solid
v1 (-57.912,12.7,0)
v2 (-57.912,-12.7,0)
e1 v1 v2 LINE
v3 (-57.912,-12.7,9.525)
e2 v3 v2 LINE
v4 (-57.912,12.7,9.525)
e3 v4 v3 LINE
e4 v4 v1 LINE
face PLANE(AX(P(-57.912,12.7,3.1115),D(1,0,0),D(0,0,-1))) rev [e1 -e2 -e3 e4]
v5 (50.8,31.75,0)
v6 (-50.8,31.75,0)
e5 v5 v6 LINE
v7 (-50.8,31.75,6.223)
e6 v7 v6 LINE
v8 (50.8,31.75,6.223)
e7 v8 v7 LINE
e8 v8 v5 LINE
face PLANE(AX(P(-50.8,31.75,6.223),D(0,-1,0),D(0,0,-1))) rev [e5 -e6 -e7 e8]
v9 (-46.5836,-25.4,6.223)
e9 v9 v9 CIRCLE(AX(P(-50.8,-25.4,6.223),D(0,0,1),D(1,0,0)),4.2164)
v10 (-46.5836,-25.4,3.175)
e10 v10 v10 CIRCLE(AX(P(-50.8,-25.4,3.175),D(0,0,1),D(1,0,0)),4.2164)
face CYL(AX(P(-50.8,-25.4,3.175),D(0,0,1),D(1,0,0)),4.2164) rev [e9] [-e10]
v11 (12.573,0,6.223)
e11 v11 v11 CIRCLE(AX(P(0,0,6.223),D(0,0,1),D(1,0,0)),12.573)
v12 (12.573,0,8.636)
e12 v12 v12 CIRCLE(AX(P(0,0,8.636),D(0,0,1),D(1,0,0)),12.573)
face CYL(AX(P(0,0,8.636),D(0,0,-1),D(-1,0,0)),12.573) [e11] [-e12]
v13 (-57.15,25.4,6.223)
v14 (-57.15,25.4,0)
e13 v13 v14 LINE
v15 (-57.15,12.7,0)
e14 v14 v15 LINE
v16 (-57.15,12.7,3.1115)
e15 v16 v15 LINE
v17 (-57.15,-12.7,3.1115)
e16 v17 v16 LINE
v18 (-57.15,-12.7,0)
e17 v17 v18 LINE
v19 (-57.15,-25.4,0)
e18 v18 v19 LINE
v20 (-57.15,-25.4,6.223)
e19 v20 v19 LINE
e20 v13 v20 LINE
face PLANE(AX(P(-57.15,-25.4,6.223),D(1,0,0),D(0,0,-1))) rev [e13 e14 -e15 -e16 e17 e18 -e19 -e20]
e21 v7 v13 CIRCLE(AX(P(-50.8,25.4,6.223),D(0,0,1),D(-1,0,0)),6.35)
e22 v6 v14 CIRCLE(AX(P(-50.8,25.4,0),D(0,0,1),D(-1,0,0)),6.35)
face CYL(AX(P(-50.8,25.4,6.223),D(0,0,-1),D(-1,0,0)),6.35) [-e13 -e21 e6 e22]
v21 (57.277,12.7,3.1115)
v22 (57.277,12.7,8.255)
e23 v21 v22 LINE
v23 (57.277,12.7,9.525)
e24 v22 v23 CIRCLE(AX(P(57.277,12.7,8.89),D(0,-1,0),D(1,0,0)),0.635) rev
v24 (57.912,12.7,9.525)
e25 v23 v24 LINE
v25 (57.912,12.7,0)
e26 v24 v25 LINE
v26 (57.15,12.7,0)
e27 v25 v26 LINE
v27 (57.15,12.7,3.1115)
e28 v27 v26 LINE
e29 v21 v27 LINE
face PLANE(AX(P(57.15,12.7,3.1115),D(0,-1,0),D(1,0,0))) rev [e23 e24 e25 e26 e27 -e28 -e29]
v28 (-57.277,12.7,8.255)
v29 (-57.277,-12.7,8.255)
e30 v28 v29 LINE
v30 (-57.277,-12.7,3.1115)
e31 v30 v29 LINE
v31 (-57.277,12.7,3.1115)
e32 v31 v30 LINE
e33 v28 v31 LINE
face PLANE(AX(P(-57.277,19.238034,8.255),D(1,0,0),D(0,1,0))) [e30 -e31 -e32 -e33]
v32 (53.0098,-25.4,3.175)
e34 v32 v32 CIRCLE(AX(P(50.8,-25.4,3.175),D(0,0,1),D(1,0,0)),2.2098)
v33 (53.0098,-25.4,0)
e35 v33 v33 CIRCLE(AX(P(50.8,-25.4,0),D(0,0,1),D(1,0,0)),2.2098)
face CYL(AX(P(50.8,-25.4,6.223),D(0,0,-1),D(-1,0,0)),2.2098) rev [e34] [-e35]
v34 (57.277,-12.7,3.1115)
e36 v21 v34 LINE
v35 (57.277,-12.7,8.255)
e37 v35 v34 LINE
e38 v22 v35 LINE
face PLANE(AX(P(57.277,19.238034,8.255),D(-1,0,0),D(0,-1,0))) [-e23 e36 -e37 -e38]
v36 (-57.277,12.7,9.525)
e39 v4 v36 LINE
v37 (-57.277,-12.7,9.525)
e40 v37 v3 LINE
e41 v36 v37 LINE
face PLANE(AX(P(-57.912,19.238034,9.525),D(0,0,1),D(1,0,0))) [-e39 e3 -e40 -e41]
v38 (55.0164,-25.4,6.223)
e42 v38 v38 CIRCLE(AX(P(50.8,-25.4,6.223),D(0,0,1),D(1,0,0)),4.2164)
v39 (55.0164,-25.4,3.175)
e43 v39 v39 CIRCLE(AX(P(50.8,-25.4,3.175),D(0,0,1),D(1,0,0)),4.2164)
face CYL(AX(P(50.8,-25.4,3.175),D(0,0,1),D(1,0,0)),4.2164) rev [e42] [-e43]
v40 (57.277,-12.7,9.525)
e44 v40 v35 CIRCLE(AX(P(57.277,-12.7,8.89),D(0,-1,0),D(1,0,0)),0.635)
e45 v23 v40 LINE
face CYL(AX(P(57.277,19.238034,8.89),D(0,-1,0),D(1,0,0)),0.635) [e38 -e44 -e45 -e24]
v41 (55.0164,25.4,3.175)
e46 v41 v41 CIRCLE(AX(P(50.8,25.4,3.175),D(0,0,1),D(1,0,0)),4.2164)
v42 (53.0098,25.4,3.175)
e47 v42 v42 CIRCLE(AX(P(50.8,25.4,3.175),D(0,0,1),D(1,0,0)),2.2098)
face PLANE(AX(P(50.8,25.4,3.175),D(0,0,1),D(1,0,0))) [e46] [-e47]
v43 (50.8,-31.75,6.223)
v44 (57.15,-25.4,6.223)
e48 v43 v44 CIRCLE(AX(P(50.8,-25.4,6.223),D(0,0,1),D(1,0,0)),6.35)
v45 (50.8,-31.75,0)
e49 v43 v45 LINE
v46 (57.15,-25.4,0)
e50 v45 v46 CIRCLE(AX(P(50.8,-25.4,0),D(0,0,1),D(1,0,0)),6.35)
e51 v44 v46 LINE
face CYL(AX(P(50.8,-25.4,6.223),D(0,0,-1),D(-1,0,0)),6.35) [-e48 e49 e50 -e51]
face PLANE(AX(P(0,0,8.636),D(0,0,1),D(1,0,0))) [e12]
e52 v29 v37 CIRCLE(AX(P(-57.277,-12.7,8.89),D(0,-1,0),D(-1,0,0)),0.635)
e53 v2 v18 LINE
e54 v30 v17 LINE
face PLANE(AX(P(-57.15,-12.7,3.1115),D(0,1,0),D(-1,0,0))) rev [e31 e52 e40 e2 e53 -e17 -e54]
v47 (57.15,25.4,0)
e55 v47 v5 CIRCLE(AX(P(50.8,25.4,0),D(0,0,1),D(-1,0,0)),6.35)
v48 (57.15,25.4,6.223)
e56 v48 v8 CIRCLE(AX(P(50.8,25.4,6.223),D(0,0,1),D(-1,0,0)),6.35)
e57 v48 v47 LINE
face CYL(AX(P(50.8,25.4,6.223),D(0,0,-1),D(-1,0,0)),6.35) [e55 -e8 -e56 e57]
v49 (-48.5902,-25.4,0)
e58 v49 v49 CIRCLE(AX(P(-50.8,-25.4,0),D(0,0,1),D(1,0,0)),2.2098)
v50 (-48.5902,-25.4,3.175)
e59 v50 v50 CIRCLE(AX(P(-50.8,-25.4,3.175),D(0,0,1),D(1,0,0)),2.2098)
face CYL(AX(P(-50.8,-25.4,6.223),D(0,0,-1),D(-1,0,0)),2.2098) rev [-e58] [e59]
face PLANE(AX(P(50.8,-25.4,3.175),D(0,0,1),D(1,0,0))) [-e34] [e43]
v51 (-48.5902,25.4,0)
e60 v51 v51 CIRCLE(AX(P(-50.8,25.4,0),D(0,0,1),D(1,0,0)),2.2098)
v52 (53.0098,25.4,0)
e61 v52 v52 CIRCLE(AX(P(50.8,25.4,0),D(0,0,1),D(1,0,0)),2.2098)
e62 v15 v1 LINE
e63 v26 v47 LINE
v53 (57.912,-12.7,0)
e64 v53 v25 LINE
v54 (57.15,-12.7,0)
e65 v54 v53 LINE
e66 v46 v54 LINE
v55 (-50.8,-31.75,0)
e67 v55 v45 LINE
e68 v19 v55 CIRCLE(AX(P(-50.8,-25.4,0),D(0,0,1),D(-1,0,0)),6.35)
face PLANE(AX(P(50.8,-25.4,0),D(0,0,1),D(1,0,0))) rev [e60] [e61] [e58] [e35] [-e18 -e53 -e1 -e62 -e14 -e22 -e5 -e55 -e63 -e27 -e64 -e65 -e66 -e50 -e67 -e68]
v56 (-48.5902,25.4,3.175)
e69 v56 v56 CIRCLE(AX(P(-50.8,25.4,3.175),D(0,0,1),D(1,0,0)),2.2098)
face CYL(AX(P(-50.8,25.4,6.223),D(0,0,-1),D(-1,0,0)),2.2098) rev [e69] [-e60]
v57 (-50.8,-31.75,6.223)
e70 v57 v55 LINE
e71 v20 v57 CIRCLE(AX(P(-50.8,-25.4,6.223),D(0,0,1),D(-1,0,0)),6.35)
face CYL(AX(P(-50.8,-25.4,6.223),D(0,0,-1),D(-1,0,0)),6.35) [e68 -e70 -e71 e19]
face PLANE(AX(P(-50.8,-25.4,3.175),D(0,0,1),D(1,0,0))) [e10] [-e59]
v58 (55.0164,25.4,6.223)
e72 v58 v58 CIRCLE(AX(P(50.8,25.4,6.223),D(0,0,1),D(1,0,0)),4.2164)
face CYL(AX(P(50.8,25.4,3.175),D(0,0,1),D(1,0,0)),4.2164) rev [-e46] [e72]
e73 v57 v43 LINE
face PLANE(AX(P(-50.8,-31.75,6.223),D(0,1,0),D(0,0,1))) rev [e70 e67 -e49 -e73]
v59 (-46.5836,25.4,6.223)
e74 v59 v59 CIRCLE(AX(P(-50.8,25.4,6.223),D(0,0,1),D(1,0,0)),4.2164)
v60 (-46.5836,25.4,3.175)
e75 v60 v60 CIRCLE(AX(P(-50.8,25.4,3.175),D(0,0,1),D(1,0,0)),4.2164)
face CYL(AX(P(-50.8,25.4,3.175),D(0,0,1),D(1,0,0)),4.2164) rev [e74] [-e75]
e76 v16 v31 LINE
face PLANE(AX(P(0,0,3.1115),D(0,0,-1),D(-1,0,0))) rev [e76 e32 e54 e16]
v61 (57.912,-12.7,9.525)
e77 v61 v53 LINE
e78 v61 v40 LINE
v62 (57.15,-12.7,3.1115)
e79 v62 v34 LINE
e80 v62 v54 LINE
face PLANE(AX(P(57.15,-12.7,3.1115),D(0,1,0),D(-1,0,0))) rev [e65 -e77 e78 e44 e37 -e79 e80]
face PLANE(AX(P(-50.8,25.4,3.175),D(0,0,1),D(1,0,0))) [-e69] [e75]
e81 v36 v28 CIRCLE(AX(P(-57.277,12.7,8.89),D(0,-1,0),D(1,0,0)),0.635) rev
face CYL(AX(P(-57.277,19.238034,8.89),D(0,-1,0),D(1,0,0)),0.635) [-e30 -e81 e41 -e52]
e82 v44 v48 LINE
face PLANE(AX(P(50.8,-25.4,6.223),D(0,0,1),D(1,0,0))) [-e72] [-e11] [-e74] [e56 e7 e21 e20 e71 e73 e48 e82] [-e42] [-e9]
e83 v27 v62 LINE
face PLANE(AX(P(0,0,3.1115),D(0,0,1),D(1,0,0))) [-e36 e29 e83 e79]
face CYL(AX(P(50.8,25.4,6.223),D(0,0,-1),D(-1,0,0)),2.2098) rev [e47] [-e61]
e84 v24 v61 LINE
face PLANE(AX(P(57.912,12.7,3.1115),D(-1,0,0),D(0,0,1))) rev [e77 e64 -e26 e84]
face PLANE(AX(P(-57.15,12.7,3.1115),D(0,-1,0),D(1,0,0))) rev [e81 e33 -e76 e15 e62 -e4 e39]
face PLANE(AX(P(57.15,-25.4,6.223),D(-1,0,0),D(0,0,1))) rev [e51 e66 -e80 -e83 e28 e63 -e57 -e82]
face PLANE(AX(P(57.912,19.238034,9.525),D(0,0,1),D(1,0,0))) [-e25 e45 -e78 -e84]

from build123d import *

# Parameters (mm, degrees)
SKETCH1_R           = 2.2098
BOSS_EXTRUDE1_DEPTH = 6.223
SKETCH2_R           = 4.2164
CUT_EXTRUDE1_DEPTH  = 3.048
SKETCH4_W           = 0.762
SKETCH4_H           = 25.4
BOSS_EXTRUDE2_DEPTH = 3.1115
BOSS_EXTRUDE3_DEPTH = 25.4
SKETCH6_R           = 12.573
BOSS_EXTRUDE4_DEPTH = 2.413


with BuildPart() as part:
    # Sketch1 → Boss-Extrude1 (new body)
    with BuildSketch(Plane.XY):
        with BuildLine():
            Line((-50.8, -31.75), (50.8, -31.75))
            ThreePointArc((50.8, -31.75), (55.290128061, -29.890128061), (57.15, -25.4))
            Line((57.15, -25.4), (57.15, 25.4))
            ThreePointArc((57.15, 25.4), (55.290128061, 29.890128061), (50.8, 31.75))
            Line((50.8, 31.75), (-50.8, 31.75))
            ThreePointArc((-50.8, 31.75), (-55.290128061, 29.890128061), (-57.15, 25.4))
            Line((-57.15, 25.4), (-57.15, -25.4))
            ThreePointArc((-57.15, -25.4), (-55.290128061, -29.890128061), (-50.8, -31.75))
        make_face()
        with Locations((-50.8, -25.4)):
            Circle(SKETCH1_R, mode=Mode.SUBTRACT)
        with Locations((-50.8, 25.4)):
            Circle(SKETCH1_R, mode=Mode.SUBTRACT)
        with Locations((50.8, 25.4)):
            Circle(SKETCH1_R, mode=Mode.SUBTRACT)
        with Locations((50.8, -25.4)):
            Circle(SKETCH1_R, mode=Mode.SUBTRACT)
    extrude(amount=BOSS_EXTRUDE1_DEPTH)

    # Sketch2 → Cut-Extrude1 (cut)
    with BuildSketch(Plane.XY.offset(6.223)):
        with Locations((-50.8, 25.4)):
            Circle(SKETCH2_R)
        with Locations((50.8, 25.4)):
            Circle(SKETCH2_R)
        with Locations((50.8, -25.4)):
            Circle(SKETCH2_R)
        with Locations((-50.8, -25.4)):
            Circle(SKETCH2_R)
    extrude(amount=-CUT_EXTRUDE1_DEPTH, mode=Mode.SUBTRACT)

    # Sketch4 → Boss-Extrude2 (add)
    with BuildSketch(Plane.XY):
        with Locations((-57.531, 0)):
            Rectangle(SKETCH4_W, SKETCH4_H)
        with Locations((57.531, 0)):
            Rectangle(SKETCH4_W, SKETCH4_H)
    extrude(amount=BOSS_EXTRUDE2_DEPTH)

    # Sketch5 → Boss-Extrude3 (add)
    with BuildSketch(Plane.XZ.offset(12.7)):
        with BuildLine():
            Line((-57.277, 3.1115), (-57.912, 3.1115))
            Line((-57.912, 3.1115), (-57.912, 9.525))
            Line((-57.912, 9.525), (-57.277, 9.525))
            ThreePointArc((-57.277, 9.525), (-56.642, 8.89), (-57.277, 8.255))
            Line((-57.277, 8.255), (-57.277, 3.1115))
        make_face()
        with BuildLine():
            Line((57.912, 9.525), (57.277, 9.525))
            ThreePointArc((57.277, 9.525), (56.642, 8.89), (57.277, 8.255))
            Line((57.277, 8.255), (57.277, 3.1115))
            Line((57.277, 3.1115), (57.912, 3.1115))
            Line((57.912, 3.1115), (57.912, 9.525))
        make_face()
    extrude(amount=-BOSS_EXTRUDE3_DEPTH)

    # Sketch6 → Boss-Extrude4 (add)
    with BuildSketch(Plane.XY.offset(6.223)):
        Circle(SKETCH6_R)
    extrude(amount=BOSS_EXTRUDE4_DEPTH)


solid = part.part
